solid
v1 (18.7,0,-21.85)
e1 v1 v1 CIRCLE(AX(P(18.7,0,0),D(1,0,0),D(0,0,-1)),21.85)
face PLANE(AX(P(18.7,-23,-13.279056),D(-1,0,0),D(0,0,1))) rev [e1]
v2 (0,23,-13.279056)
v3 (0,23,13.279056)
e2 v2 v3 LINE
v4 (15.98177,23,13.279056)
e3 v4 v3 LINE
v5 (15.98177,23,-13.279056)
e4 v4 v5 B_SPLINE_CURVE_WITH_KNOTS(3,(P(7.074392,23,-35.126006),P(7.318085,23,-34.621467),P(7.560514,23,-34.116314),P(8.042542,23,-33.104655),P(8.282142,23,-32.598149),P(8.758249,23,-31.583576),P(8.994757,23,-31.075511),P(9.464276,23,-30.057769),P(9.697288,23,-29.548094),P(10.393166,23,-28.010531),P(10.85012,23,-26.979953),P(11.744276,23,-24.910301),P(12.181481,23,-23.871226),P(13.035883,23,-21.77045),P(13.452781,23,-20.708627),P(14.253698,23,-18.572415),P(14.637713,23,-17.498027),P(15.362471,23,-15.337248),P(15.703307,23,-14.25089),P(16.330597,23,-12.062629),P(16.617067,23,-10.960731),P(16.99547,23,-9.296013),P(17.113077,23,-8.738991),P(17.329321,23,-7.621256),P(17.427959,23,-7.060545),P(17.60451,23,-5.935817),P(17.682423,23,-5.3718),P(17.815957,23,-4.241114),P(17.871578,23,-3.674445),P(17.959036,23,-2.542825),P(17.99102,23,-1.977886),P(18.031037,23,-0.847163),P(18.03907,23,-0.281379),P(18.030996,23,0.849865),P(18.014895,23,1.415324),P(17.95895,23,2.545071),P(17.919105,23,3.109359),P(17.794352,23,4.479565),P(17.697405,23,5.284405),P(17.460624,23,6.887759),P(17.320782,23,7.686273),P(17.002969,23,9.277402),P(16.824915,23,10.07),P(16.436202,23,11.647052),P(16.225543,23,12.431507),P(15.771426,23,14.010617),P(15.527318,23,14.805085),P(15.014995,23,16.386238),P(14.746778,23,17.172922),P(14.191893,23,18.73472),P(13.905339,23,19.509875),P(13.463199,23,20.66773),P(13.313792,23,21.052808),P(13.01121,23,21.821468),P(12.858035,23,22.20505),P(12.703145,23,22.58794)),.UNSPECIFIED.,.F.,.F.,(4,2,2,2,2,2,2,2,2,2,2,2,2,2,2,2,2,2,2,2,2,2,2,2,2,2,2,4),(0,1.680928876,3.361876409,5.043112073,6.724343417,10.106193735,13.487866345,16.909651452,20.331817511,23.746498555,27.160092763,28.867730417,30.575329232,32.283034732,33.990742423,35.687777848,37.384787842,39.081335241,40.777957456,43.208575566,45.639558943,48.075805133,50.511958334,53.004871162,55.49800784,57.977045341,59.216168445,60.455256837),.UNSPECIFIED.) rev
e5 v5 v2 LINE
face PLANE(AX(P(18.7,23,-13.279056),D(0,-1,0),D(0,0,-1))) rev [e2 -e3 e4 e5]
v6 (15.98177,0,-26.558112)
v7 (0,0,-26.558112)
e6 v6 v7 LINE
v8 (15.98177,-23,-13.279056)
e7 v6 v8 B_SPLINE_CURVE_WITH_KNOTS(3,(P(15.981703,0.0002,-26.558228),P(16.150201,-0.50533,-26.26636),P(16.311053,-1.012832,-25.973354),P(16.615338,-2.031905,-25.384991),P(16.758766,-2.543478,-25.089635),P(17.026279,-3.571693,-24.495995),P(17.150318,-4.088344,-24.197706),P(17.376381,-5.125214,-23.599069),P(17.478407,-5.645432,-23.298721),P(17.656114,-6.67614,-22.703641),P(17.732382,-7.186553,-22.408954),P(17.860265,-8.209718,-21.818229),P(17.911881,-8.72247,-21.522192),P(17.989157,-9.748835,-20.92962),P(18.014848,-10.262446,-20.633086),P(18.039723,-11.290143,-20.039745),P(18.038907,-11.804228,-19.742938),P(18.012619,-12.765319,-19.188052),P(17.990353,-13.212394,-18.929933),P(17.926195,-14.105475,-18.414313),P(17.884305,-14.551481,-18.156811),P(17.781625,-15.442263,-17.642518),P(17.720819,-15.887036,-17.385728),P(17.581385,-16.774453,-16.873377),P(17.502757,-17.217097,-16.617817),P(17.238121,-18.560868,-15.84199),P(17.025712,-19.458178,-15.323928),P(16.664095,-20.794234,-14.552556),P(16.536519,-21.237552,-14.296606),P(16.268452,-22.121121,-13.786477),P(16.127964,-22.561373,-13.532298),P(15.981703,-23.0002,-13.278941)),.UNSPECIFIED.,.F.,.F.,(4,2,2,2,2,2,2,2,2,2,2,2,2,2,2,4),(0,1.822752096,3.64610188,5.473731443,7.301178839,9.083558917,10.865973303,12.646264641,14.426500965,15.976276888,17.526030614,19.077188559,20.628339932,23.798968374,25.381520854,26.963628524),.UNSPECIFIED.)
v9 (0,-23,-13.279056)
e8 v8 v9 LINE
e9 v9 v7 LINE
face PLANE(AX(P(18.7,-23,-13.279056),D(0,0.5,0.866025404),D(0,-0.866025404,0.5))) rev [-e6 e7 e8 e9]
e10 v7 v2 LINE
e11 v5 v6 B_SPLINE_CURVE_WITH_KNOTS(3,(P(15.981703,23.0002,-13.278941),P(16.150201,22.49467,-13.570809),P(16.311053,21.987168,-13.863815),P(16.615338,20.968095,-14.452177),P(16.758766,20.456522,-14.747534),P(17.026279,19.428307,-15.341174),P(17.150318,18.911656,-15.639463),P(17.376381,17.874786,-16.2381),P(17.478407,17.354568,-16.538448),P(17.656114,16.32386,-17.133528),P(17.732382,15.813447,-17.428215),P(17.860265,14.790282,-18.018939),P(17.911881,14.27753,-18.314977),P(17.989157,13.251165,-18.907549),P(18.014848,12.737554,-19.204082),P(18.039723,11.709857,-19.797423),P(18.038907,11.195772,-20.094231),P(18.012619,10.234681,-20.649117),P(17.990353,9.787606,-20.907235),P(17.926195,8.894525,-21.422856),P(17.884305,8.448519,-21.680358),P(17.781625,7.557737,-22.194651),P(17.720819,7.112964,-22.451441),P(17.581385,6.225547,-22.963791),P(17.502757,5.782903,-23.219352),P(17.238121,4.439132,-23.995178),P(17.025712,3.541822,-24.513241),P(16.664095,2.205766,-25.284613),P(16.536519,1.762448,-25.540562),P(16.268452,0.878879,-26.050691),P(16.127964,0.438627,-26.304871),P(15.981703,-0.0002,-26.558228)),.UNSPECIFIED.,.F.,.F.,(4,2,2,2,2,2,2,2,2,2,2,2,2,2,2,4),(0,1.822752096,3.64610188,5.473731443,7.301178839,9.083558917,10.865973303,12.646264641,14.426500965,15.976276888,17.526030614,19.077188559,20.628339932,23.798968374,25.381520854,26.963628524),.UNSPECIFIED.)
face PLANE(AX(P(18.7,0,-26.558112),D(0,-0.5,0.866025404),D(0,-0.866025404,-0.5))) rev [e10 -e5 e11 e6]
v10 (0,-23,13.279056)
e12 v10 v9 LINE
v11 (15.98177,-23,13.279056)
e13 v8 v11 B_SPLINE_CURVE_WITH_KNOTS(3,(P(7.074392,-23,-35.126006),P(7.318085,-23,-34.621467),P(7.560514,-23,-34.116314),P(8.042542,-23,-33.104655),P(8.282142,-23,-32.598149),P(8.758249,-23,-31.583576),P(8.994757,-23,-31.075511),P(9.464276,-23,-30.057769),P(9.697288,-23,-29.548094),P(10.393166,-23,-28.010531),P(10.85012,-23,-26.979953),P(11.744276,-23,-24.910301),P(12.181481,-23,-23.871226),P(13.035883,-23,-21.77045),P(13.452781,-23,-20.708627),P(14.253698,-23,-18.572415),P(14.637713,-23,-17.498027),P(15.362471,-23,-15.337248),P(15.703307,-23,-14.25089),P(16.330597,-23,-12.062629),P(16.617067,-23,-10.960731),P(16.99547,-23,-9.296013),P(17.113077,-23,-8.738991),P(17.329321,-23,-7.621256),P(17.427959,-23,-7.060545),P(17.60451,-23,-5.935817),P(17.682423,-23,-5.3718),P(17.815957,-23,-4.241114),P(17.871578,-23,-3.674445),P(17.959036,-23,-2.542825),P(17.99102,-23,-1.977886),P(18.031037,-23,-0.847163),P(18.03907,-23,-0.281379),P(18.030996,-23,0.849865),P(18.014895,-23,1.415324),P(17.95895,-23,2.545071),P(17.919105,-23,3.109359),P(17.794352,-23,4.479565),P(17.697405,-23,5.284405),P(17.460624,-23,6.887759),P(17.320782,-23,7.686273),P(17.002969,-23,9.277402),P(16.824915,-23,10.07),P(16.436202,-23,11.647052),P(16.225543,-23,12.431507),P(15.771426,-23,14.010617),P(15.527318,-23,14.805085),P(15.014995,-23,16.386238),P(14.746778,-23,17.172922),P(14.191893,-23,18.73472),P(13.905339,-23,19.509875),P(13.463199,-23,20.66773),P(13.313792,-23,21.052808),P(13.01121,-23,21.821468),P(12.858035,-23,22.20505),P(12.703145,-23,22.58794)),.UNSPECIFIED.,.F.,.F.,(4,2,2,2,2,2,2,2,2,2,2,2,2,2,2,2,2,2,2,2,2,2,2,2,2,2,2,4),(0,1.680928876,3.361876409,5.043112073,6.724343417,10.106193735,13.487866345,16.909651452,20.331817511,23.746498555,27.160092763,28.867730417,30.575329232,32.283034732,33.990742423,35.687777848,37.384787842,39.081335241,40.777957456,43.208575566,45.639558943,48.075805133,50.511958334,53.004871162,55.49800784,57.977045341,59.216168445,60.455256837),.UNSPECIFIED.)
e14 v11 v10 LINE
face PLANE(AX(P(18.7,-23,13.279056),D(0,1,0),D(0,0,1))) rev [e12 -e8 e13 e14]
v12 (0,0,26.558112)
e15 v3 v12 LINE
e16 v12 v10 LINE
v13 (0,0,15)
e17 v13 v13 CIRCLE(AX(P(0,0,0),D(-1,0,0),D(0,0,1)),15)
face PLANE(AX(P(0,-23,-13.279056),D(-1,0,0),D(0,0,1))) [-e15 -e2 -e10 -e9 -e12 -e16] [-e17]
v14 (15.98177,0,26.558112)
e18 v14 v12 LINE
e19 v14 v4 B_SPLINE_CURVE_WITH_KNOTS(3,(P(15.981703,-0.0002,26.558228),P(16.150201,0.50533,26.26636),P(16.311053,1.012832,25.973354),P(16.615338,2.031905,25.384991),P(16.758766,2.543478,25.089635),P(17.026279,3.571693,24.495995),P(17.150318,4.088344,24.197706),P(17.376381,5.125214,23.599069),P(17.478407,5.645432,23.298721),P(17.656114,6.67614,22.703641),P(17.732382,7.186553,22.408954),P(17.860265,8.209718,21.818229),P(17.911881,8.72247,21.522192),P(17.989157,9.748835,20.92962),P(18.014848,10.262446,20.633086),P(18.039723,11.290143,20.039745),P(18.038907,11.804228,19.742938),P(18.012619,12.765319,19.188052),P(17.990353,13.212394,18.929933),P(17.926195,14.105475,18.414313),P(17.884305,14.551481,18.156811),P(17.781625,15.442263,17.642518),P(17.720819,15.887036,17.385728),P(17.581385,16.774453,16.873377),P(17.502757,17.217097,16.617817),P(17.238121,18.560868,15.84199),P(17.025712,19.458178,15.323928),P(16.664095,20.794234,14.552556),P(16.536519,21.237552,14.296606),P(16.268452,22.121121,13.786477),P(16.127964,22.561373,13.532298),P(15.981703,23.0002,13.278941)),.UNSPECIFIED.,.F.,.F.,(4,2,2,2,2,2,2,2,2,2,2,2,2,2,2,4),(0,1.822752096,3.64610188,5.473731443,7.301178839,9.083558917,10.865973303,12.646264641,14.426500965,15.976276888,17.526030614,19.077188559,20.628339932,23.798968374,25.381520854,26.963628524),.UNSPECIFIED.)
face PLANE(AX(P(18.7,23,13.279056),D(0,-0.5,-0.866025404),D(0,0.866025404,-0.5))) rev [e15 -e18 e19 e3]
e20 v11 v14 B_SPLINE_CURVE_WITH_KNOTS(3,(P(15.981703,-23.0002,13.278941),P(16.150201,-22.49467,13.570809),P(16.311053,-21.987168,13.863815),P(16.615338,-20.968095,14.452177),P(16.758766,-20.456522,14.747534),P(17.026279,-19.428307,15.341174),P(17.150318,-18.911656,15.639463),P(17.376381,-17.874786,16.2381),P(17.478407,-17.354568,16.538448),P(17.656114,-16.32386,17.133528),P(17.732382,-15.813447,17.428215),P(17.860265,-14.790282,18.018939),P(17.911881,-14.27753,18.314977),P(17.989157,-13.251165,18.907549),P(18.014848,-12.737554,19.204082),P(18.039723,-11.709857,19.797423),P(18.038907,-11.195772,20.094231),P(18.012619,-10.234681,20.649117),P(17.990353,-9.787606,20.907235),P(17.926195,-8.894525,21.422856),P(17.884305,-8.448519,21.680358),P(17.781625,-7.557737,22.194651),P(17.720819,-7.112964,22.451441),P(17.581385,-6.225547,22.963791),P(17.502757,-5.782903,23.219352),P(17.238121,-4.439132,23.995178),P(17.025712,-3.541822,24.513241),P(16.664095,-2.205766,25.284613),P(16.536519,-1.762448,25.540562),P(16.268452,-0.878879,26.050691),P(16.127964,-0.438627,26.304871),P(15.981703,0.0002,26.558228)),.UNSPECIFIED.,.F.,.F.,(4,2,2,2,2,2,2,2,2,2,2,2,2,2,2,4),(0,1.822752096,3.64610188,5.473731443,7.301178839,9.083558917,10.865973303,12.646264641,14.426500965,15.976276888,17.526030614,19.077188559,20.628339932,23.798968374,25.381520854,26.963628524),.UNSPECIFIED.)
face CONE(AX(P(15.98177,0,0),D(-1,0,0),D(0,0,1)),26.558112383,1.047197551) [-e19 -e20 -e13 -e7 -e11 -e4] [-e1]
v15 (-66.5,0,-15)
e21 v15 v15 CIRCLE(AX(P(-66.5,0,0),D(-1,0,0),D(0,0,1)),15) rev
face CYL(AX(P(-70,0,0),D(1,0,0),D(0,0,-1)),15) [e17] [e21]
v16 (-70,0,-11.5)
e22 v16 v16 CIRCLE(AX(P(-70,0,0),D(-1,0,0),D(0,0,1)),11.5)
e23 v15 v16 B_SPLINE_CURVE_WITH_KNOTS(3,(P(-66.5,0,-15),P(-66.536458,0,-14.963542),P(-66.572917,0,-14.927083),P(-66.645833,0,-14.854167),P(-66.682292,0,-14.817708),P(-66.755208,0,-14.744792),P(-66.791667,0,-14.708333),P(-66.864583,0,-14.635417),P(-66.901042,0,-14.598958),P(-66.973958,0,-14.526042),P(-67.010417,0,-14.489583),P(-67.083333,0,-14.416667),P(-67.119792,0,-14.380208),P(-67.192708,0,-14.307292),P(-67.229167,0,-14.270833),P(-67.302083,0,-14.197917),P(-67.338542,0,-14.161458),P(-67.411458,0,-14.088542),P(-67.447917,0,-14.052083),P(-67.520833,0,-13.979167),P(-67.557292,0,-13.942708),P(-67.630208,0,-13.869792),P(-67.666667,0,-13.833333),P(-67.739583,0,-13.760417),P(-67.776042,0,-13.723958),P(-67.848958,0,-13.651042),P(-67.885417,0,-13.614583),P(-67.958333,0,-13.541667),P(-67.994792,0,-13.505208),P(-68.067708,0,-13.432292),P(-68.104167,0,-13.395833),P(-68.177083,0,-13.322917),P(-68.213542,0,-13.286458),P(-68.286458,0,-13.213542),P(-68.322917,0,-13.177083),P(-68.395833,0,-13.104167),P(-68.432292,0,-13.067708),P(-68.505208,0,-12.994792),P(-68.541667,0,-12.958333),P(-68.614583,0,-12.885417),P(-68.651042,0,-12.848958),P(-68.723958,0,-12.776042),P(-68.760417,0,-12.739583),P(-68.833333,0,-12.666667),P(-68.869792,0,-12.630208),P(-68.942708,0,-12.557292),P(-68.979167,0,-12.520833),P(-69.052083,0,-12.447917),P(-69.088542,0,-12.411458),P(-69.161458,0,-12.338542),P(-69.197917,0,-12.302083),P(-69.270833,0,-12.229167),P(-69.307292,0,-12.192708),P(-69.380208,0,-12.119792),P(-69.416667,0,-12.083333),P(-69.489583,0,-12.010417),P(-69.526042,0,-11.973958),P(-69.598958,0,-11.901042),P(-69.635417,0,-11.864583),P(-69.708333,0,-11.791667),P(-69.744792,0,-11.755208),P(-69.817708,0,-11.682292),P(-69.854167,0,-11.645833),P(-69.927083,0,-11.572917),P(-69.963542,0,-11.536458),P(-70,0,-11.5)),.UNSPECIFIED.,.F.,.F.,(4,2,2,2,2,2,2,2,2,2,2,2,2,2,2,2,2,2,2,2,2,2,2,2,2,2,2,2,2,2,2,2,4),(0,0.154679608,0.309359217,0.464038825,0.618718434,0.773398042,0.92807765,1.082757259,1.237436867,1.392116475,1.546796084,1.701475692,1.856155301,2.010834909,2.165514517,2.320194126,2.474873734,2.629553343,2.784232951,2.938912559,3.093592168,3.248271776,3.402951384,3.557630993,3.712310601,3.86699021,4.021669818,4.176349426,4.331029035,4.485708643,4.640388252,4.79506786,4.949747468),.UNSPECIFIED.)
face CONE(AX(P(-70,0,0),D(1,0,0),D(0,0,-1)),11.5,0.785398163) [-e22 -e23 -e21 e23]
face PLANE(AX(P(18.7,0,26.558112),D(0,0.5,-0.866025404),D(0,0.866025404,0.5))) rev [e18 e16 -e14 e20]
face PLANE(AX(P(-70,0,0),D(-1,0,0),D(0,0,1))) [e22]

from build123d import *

# Parameters (mm, degrees)
EXTRUDE_565_DEPTH = 18.7
SKETCH_2_R        = 15
EXTRUDE_1_DEPTH   = 70
CHAMFER_1_SIZE    = 3.5


with BuildPart() as part:
    # Эскиз1 → Extrude 565 (new body)
    with BuildSketch(Plane(origin=(0, 0, 0), x_dir=(0, 0, -1), z_dir=(1, 0, 0))):
        Polygon((26.558112383, 0), (13.279056191, 23), (-13.279056191, 23), (-26.558112383, 0), (-13.279056191, -23), (13.279056191, -23), align=None)
    extrude(amount=EXTRUDE_565_DEPTH)

    # Эскиз2 → Бобышка-Вытянуть1 (add)
    with BuildSketch(Plane.ZY):
        Circle(SKETCH_2_R)
    extrude(amount=EXTRUDE_1_DEPTH)

    # Фаска1
    chamfer_1_edges = [part.edges().sort_by_distance(p)[0] for p in [
        (-70, 0, -15),
    ]]
    chamfer(chamfer_1_edges, length=CHAMFER_1_SIZE)

    # Эскиз3 (on Front Plane) → Вырез-Вращением1 (revolve, cut)
    with BuildSketch(Plane.XY, mode=Mode.PRIVATE) as cut_revolve_1_sk:
        Polygon((18.7, 26.558112383), (18.7, 21.85), (15.981770048, 26.558112383), align=None)
    revolve(cut_revolve_1_sk.sketch.rotate(Axis((22, 0, 0), (-1, 0, 0)), 90), axis=Axis((22, 0, 0), (-1, 0, 0)), mode=Mode.SUBTRACT)


solid = part.part
